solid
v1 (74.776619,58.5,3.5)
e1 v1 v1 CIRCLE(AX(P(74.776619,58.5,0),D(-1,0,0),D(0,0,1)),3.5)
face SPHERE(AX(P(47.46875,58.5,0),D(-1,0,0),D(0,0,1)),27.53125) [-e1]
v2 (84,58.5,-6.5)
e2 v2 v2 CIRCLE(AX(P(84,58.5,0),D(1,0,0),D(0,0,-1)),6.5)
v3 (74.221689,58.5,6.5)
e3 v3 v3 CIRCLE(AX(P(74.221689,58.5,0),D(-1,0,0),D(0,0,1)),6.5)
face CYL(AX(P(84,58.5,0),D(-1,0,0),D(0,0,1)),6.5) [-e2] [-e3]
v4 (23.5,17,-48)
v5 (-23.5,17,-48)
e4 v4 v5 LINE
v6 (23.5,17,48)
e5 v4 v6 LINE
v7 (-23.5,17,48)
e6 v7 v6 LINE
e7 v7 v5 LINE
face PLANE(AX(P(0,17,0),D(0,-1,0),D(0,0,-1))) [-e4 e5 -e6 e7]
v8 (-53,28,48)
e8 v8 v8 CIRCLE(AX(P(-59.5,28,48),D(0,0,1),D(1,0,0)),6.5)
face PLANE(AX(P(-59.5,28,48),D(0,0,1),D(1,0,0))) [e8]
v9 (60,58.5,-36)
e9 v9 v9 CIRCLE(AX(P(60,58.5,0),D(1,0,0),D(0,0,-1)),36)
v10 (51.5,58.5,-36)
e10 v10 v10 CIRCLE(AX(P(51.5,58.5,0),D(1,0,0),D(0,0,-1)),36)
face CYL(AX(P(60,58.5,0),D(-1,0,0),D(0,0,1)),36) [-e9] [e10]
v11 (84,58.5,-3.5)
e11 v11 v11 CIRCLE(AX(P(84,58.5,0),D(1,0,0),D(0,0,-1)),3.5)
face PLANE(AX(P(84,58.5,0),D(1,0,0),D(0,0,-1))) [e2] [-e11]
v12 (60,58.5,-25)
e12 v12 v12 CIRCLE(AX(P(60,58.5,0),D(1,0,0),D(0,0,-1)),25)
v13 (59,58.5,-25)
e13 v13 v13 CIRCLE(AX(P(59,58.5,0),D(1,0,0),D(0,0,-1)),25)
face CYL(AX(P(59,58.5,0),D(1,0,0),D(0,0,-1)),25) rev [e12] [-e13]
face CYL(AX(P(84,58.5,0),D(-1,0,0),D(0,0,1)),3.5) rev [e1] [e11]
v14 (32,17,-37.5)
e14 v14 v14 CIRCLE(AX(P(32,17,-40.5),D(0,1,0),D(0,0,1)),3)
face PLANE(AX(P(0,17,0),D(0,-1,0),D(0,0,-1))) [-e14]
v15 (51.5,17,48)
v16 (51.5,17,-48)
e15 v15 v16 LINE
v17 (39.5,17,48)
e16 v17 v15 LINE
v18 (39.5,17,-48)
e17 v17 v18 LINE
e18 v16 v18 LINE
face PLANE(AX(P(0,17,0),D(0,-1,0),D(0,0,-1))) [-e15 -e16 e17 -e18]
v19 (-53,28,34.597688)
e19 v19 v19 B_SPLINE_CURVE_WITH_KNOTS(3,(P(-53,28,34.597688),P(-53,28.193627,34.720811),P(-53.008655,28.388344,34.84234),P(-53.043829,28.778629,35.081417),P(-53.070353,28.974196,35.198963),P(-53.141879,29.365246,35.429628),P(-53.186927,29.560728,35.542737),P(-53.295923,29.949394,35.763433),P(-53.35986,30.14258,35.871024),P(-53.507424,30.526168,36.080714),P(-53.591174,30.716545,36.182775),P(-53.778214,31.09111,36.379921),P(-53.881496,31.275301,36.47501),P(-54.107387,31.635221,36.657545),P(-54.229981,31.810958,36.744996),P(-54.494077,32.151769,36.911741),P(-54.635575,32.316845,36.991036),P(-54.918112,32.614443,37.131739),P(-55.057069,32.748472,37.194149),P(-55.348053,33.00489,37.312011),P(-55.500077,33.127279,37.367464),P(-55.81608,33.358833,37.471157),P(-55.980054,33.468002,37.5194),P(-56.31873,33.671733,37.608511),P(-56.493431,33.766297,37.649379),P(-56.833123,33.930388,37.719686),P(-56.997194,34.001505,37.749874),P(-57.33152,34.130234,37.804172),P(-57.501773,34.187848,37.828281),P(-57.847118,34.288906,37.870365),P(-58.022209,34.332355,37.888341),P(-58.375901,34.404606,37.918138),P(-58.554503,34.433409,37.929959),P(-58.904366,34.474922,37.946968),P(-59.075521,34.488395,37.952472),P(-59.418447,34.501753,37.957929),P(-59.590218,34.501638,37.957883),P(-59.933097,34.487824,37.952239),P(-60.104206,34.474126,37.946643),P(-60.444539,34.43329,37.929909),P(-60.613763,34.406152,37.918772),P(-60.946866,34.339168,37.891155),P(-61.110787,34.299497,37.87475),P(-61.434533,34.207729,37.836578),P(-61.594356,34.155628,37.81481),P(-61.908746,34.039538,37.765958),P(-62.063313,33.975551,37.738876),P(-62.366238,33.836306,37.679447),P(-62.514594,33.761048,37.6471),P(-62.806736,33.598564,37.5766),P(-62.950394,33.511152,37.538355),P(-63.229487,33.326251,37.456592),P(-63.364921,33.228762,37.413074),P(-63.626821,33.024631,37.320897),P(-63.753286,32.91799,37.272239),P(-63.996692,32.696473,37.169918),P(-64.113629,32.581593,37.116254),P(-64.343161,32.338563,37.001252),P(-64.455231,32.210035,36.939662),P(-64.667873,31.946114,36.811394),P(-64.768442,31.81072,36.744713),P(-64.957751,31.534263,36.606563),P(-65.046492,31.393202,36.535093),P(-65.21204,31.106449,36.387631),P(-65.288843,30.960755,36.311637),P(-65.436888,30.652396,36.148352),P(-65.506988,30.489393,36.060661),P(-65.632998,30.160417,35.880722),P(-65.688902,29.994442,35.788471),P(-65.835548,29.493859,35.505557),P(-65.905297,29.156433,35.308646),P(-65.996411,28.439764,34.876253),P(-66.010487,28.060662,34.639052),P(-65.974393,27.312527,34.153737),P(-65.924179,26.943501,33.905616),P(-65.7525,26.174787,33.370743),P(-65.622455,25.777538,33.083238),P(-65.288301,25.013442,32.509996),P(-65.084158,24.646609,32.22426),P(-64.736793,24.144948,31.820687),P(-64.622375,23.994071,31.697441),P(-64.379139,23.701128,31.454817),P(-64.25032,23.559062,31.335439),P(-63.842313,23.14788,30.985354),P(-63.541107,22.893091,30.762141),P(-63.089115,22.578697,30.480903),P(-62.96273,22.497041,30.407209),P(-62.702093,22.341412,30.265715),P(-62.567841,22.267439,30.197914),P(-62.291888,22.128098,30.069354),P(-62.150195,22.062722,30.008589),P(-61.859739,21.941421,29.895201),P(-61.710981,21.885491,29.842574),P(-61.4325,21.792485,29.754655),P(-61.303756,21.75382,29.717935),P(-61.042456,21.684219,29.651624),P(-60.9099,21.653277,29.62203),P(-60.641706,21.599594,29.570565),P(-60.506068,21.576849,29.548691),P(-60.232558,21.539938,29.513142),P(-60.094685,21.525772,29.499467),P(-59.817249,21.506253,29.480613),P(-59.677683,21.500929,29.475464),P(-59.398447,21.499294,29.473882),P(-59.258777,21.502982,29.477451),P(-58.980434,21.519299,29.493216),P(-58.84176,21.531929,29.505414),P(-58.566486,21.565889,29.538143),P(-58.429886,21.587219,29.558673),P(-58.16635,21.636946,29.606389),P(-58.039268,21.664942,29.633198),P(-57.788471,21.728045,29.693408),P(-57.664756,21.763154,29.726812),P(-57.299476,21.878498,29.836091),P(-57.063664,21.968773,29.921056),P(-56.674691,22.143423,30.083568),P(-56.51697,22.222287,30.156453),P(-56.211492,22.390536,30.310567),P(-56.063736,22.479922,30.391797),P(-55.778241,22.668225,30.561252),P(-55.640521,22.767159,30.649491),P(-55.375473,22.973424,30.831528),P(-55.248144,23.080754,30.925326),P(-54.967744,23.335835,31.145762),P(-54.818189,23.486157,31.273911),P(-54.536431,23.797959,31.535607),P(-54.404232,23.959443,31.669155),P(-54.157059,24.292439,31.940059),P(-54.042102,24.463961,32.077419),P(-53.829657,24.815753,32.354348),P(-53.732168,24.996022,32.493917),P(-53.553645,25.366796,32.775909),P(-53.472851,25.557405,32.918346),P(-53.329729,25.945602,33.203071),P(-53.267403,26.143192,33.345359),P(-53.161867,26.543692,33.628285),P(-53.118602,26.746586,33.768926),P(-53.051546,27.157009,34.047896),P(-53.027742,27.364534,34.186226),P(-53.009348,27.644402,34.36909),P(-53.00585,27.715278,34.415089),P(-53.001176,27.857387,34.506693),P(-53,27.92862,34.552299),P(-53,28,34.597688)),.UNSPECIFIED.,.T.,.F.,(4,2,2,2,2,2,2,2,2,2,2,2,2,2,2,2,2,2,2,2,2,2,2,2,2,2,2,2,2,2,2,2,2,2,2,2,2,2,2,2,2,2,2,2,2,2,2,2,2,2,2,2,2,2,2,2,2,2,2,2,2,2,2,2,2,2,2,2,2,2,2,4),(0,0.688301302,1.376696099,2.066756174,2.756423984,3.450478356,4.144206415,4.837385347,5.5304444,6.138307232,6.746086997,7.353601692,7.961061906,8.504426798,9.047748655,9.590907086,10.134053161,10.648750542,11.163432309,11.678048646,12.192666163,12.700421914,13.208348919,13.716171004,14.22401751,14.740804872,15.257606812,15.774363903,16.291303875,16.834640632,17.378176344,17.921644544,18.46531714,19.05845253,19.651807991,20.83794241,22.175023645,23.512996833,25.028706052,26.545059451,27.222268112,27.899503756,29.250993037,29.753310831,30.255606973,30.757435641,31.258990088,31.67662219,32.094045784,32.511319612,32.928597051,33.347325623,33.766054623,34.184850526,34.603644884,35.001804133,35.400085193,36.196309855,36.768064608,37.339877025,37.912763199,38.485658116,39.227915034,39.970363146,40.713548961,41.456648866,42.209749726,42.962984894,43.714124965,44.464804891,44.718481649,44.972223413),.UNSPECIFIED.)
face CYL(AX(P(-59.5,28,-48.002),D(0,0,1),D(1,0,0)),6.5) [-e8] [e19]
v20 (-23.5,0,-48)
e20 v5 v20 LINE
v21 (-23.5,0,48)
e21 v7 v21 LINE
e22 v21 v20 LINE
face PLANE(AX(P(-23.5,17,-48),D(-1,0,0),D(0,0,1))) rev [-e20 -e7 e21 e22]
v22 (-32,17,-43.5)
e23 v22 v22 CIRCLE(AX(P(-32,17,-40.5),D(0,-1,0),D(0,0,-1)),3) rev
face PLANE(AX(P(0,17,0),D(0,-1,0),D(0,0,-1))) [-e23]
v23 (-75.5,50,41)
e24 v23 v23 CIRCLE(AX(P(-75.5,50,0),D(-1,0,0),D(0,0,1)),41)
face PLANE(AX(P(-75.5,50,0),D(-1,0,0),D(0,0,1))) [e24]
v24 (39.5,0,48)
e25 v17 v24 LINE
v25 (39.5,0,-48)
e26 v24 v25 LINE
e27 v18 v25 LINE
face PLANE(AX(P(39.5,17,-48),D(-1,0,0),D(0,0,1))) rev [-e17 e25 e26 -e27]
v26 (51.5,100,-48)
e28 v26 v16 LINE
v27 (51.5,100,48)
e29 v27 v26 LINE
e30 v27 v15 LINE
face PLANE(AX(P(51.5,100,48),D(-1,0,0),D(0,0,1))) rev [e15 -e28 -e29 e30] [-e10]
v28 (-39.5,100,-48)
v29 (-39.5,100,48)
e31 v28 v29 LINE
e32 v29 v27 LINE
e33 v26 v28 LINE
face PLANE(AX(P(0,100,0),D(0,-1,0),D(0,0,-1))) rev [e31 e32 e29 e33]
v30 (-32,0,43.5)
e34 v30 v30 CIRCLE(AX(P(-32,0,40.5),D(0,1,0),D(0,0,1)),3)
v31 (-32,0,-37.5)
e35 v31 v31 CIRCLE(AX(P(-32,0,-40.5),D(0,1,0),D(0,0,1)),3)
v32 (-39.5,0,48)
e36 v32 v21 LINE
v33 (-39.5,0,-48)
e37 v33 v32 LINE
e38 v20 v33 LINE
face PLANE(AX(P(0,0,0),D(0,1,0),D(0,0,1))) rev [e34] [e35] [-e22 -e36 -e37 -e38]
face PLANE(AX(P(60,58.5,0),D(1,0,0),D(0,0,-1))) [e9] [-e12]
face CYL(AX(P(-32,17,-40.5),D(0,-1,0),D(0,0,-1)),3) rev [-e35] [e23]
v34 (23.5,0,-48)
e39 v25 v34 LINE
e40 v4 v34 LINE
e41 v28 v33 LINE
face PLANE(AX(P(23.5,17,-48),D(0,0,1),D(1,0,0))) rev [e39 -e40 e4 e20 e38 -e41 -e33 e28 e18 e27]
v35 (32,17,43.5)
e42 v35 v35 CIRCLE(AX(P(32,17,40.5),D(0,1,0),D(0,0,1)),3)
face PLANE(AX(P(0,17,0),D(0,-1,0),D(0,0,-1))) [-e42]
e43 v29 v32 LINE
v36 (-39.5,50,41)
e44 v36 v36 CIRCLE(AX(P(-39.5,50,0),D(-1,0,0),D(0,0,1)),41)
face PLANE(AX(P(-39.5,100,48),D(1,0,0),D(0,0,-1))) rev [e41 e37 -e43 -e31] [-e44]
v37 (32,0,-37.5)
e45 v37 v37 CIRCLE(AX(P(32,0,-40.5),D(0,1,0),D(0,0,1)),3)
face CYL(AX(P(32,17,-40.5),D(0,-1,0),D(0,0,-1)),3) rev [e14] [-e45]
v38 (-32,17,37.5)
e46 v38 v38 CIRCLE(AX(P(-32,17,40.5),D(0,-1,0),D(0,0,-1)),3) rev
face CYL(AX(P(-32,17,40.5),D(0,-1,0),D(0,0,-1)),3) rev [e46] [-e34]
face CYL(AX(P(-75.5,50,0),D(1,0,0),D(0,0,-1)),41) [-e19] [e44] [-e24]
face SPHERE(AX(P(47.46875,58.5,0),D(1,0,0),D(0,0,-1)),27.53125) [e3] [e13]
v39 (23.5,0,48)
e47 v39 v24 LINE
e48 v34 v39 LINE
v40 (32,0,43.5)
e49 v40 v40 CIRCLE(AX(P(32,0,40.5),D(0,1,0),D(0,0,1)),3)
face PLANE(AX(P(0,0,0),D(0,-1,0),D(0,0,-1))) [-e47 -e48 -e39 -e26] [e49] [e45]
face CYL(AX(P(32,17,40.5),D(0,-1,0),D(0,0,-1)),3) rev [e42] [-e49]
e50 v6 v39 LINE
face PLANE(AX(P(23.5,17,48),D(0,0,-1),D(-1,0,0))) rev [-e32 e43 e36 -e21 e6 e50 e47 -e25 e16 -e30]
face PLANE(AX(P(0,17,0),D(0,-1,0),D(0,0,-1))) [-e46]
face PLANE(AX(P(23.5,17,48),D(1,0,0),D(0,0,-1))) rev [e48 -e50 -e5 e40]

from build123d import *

# Parameters (mm, degrees)
SKETCH1_W             = 16
SKETCH1_H             = 96
SKETCH1_R             = 3
BOSS_EXTRUDE1_DEPTH   = 17
BOSS_EXTRUDE1_2_DEPTH = 17
SKETCH2_W             = 91
SKETCH2_H             = 96
BOSS_EXTRUDE2_DEPTH   = 83
SKETCH3_R             = 41
BOSS_EXTRUDE3_DEPTH   = 36
BOSS_EXTRUDE4_REACH   = 98
SKETCH4_R             = 6.5
SKETCH5_R             = 36
BOSS_EXTRUDE5_DEPTH   = 8.5
SKETCH6_R             = 25
CUT_EXTRUDE1_DEPTH    = 1
DOME1_FACE_RADIUS     = 25
DOME1_HEIGHT          = 16
SKETCH7_R             = 6.5
SKETCH7_R_2           = 3.5
BOSS_EXTRUDE6_DEPTH   = 9


with BuildPart() as part:
    # Sketch1 → Boss-Extrude1 (new body)
    with BuildSketch(Plane(origin=(0, 0, 0), x_dir=(1, 0, 0), z_dir=(0, 1, 0))):
        with Locations((-31.5, 0)):
            Rectangle(SKETCH1_W, SKETCH1_H)
        with Locations((-32, 40.5)):
            Circle(SKETCH1_R, mode=Mode.SUBTRACT)
        with Locations((-32, -40.5)):
            Circle(SKETCH1_R, mode=Mode.SUBTRACT)
    extrude(amount=BOSS_EXTRUDE1_DEPTH)



with BuildPart() as body_2:
    # Sketch1 → Boss-Extrude1 2 (new body)
    with BuildSketch(Plane(origin=(0, 0, 0), x_dir=(1, 0, 0), z_dir=(0, 1, 0))):
        with Locations((31.5, 0)):
            Rectangle(SKETCH1_W, SKETCH1_H)
        with Locations((32, 40.5)):
            Circle(SKETCH1_R, mode=Mode.SUBTRACT)
        with Locations((32, -40.5)):
            Circle(SKETCH1_R, mode=Mode.SUBTRACT)
    extrude(amount=BOSS_EXTRUDE1_2_DEPTH)


with BuildPart() as part_1:
    add(part.part)

    add(body_2.part)  # Boss-Extrude2 merges body 2
    # Sketch2 → Boss-Extrude2 (add)
    with BuildSketch(Plane(origin=(0, 17, 0), x_dir=(1, 0, 0), z_dir=(0, 1, 0))):
        with Locations((6, 0)):
            Rectangle(SKETCH2_W, SKETCH2_H)
    extrude(amount=BOSS_EXTRUDE2_DEPTH)

    # Sketch3 → Boss-Extrude3 (add)
    with BuildSketch(Plane.ZY.offset(39.5)):
        with Locations((0, 50)):
            Circle(SKETCH3_R)
    extrude(amount=BOSS_EXTRUDE3_DEPTH)

    # Sketch4 → Boss-Extrude4 (add, up to next)
    with BuildSketch(Plane.XY.offset(48), mode=Mode.PRIVATE) as boss_extrude4_sk1:
        with Locations((-59.5, 28)):
            Circle(SKETCH4_R)
    boss_extrude4_tool1 = extrude(boss_extrude4_sk1.sketch, amount=-BOSS_EXTRUDE4_REACH, mode=Mode.PRIVATE) - part_1.part
    add(boss_extrude4_tool1.solids().sort_by_distance((-59.5, 28, 48))[0])

    # Sketch5 → Boss-Extrude5 (add)
    with BuildSketch(Plane(origin=(51.5, 0, 0), x_dir=(0, 0, -1), z_dir=(1, 0, 0))):
        with Locations((0, 58.5)):
            Circle(SKETCH5_R)
    extrude(amount=BOSS_EXTRUDE5_DEPTH)

    # Sketch6 → Cut-Extrude1 (cut)
    with BuildSketch(Plane(origin=(60, 0, 0), x_dir=(0, 0, -1), z_dir=(1, 0, 0))):
        with Locations((0, 58.5)):
            Circle(SKETCH6_R)
    extrude(amount=-CUT_EXTRUDE1_DEPTH, mode=Mode.SUBTRACT)

    # Dome1: a dome of height H over a round flat face of radius A is a cap of a sphere of radius (A * A + H * H) / (2 * H)
    dome1_r = (DOME1_FACE_RADIUS * DOME1_FACE_RADIUS + DOME1_HEIGHT * DOME1_HEIGHT) / (2 * DOME1_HEIGHT)
    dome1_base = Plane((59, 58.5, 0), z_dir=(1, 0, 0))
    with Locations(dome1_base.offset(DOME1_HEIGHT - dome1_r)):
        dome1_ball = Sphere(dome1_r, mode=Mode.PRIVATE)
    add(split(dome1_ball, bisect_by=dome1_base, keep=Keep.TOP, mode=Mode.PRIVATE))

    # Sketch7 → Boss-Extrude6 (add, symmetric)
    with BuildSketch(Plane(origin=(75, 0, 0), x_dir=(0, 0, -1), z_dir=(1, 0, 0))):
        with Locations((0, 58.5)):
            Circle(SKETCH7_R)
        with Locations((0, 58.5)):
            Circle(SKETCH7_R_2, mode=Mode.SUBTRACT)
    extrude(amount=BOSS_EXTRUDE6_DEPTH, both=True)


solid = part_1.part
